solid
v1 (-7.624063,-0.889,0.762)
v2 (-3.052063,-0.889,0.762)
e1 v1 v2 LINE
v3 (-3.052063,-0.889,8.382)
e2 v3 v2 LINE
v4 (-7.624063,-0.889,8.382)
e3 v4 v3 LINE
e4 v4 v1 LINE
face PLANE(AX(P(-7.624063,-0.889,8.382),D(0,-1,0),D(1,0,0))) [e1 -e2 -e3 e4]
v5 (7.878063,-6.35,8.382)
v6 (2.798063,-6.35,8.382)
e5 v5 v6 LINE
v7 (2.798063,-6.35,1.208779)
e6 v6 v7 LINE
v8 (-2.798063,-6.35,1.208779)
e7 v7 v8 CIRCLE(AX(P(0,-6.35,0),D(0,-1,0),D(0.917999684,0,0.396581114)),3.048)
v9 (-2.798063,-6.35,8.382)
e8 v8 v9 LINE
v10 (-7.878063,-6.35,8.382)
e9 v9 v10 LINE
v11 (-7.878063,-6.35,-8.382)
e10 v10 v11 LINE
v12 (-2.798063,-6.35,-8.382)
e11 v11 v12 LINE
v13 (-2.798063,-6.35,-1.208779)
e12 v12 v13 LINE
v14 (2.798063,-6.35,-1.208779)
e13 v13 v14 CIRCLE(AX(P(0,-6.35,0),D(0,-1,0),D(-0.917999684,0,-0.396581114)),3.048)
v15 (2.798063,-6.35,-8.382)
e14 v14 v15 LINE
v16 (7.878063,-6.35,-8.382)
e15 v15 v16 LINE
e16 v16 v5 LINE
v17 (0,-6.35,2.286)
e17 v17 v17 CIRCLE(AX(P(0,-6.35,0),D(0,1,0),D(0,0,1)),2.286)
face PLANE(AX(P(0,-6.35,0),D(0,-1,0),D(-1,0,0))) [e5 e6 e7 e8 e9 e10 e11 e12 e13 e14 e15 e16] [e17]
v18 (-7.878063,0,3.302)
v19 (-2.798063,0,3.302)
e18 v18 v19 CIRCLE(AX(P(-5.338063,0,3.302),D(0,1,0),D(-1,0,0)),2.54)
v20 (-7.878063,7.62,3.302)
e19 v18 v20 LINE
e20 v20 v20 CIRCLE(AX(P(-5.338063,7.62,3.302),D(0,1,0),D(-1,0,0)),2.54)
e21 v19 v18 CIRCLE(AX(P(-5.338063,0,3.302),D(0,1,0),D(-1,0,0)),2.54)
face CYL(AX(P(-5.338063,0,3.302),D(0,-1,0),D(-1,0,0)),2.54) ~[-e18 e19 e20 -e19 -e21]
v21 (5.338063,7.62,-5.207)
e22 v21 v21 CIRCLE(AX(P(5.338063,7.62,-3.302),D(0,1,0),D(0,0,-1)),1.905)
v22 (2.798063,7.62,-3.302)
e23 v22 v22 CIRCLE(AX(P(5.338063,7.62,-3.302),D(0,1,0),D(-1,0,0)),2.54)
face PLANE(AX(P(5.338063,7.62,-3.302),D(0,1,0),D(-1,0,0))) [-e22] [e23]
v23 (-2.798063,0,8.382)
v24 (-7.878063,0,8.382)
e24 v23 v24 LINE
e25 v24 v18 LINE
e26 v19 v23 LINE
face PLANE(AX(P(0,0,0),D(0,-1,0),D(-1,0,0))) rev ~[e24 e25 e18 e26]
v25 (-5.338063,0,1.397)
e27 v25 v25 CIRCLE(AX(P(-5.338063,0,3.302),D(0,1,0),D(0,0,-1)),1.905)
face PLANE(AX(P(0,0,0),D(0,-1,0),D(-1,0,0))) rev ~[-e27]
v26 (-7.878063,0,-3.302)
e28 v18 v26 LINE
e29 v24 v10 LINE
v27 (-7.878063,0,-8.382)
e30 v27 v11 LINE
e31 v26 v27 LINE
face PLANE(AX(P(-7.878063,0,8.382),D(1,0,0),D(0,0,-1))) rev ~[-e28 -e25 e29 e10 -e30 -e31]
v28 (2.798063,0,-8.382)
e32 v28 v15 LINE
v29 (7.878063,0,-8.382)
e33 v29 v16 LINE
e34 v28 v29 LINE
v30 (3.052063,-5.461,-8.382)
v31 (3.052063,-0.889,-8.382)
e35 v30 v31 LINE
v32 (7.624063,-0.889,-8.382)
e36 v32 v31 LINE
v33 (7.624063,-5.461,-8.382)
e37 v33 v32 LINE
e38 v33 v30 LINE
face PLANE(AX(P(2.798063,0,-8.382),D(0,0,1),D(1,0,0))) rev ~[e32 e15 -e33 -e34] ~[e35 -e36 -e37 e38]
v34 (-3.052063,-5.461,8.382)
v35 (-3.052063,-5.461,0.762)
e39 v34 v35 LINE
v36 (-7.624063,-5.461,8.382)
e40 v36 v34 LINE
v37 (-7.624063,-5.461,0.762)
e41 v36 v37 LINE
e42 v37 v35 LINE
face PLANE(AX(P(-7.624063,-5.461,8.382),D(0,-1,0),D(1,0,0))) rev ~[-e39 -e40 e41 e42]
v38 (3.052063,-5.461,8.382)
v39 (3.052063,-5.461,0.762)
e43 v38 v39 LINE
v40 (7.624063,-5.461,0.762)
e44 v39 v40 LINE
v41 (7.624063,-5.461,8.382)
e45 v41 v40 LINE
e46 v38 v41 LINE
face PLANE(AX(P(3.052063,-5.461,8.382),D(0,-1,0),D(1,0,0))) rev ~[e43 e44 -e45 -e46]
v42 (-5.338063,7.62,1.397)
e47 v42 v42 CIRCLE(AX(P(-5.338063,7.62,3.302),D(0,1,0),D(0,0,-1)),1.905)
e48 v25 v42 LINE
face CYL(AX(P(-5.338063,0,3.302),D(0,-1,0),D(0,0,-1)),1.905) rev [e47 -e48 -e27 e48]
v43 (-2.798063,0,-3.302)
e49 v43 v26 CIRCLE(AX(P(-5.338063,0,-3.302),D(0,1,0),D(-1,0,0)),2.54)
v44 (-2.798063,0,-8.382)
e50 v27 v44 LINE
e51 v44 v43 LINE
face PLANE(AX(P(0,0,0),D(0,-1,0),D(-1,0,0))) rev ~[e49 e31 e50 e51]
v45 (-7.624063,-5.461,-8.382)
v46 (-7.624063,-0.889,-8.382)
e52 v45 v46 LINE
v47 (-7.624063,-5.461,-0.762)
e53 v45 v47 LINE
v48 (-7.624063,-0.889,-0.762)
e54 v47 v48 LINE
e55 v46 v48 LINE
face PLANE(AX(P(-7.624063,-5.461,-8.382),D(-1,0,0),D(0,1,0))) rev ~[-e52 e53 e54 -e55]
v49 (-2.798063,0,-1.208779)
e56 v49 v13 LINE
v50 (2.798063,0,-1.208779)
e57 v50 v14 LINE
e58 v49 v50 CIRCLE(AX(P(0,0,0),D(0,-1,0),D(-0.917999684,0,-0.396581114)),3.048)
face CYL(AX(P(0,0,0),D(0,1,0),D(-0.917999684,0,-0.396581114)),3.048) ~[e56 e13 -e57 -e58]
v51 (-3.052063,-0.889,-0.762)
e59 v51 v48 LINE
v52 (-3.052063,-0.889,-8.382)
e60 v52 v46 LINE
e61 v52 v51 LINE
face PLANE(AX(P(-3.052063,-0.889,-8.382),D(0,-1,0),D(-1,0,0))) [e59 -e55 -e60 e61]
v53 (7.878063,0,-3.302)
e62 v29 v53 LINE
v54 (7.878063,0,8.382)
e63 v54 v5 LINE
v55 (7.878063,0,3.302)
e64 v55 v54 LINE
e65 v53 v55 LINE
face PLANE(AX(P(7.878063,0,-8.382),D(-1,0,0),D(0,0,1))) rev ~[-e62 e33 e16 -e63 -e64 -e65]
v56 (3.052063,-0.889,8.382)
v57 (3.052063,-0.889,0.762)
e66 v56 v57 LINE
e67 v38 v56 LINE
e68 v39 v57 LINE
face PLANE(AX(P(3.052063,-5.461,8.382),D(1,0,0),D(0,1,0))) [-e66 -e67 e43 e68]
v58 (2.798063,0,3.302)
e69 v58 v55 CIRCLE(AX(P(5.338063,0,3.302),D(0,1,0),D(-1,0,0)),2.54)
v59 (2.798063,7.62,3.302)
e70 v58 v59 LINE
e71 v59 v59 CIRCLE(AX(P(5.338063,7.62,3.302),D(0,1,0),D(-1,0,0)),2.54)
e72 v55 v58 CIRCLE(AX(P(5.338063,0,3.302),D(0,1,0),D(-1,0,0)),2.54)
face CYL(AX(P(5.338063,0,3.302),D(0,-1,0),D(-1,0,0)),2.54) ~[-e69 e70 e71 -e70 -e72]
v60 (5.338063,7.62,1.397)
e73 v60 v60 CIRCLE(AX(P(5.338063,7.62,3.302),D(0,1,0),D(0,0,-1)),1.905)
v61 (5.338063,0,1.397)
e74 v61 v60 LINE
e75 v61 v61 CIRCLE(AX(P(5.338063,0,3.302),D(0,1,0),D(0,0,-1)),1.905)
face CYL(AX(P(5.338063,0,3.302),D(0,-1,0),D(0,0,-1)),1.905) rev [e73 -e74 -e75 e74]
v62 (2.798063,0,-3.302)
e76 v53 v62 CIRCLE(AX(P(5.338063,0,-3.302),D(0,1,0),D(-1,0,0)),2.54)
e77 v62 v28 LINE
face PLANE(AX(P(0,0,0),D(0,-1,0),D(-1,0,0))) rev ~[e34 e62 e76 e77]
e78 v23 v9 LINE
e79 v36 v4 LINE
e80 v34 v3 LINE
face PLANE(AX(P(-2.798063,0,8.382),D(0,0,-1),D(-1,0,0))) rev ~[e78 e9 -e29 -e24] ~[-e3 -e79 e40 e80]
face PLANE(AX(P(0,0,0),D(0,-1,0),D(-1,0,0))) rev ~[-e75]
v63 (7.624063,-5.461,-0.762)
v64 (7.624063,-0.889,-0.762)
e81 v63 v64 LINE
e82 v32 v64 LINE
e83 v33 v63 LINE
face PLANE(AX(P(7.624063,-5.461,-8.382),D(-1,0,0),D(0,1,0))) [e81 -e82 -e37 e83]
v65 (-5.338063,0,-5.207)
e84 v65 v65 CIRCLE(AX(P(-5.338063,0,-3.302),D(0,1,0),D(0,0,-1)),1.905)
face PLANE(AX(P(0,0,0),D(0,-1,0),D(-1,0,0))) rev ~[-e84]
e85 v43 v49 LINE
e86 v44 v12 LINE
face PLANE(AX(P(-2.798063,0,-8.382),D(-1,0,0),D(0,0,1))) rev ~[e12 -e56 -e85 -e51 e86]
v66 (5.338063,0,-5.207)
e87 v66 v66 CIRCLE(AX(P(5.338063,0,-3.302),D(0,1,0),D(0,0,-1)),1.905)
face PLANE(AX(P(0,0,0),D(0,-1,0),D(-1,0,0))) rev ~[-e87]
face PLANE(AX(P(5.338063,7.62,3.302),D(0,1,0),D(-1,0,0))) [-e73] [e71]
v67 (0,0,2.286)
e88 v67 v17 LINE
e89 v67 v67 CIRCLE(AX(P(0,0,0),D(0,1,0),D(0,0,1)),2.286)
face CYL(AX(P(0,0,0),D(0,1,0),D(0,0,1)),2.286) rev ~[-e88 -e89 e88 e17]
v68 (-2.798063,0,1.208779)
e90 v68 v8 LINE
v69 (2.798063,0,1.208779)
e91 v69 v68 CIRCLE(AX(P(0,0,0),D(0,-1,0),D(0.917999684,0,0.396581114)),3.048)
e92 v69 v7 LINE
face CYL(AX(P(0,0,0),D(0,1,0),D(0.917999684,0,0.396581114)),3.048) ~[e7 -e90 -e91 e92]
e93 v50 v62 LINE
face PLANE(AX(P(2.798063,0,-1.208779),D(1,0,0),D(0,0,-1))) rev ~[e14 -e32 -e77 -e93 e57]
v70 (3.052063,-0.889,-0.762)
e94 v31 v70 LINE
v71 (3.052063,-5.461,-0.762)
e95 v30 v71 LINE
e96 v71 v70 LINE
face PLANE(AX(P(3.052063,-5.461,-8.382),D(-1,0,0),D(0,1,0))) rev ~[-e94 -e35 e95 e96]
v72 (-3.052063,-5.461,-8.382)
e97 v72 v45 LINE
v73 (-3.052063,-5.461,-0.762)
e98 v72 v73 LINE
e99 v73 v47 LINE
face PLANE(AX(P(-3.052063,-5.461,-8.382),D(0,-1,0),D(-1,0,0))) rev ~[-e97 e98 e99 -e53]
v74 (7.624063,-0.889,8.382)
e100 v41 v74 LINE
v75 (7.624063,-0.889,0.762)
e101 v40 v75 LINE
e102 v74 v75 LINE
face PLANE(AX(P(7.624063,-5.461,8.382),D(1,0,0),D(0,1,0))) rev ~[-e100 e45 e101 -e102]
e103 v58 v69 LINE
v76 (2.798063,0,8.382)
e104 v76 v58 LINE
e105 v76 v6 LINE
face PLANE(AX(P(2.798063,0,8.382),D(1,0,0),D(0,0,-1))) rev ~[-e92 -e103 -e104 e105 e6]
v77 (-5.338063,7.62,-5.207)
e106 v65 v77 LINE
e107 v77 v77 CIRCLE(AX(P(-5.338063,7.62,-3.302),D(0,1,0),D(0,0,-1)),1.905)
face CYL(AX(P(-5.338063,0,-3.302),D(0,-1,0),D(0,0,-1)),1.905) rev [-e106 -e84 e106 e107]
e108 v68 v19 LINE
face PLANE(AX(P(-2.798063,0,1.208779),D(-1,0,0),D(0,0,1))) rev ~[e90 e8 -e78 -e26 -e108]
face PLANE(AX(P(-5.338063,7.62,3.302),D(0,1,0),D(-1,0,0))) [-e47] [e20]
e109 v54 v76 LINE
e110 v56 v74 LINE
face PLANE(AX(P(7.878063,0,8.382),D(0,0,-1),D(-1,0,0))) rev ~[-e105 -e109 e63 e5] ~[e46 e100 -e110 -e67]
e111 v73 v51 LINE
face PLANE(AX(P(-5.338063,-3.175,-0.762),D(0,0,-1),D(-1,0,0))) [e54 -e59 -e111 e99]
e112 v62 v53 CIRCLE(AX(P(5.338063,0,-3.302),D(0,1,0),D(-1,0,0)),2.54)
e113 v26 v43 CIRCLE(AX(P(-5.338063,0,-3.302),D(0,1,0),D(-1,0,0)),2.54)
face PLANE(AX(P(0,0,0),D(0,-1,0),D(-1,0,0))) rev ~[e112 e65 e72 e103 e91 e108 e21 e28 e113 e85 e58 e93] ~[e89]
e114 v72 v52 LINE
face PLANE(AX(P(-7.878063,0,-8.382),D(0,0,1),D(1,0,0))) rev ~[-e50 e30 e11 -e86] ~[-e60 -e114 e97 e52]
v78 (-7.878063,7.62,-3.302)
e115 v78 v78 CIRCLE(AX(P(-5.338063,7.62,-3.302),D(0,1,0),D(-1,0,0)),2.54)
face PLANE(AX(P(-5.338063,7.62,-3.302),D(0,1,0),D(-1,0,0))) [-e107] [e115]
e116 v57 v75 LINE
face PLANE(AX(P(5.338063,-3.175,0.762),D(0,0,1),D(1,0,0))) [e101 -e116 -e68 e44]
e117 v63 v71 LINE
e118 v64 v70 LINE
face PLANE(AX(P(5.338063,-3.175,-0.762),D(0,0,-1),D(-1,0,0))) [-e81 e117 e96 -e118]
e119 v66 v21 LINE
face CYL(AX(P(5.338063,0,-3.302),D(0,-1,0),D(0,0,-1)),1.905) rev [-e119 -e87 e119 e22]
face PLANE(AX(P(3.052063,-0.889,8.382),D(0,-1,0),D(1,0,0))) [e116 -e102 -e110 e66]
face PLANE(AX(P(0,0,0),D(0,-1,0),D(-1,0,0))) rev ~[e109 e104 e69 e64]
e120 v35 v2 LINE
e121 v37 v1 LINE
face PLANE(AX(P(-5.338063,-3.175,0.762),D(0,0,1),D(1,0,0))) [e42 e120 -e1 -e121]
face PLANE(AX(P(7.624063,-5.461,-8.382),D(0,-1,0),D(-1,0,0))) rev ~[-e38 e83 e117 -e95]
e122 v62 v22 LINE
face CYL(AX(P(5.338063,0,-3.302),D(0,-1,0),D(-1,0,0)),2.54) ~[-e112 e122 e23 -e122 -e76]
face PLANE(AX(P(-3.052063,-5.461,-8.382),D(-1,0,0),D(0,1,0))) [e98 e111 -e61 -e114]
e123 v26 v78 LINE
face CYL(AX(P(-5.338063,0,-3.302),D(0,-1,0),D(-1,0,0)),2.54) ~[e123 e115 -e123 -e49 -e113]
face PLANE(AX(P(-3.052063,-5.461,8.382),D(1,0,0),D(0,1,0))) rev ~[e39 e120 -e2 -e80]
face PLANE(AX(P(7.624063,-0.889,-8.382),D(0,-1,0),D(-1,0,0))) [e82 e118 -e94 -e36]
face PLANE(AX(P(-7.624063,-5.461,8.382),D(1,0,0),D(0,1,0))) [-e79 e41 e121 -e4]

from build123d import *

# Parameters (mm, degrees)
BOSS_EXTRUDE1_DEPTH = 6.35
SKETCH2_R           = 2.286
CUT_EXTRUDE1_DEPTH  = 14.139417841
SKETCH3_W           = 4.572
SKETCH3_H           = 4.572
CUT_EXTRUDE2_DEPTH  = 7.62
SKETCH4_W           = 4.572
SKETCH4_H           = 4.572
CUT_EXTRUDE3_DEPTH  = 7.62
SKETCH5_R           = 2.54
SKETCH5_R_2         = 1.905
BOSS_EXTRUDE2_DEPTH = 7.62


with BuildPart() as part:
    # Sketch1 → Boss-Extrude1 (new body)
    with BuildSketch(Plane(origin=(0, 0, 0), x_dir=(1, 0, 0), z_dir=(0, 1, 0))):
        with BuildLine():
            Line((-2.798063036, -1.208779237), (-2.798063036, -8.382))
            Line((-2.798063036, -8.382), (-7.878063036, -8.382))
            Line((-7.878063036, -8.382), (-7.878063036, 8.382))
            Line((-7.878063036, 8.382), (-2.798063036, 8.382))
            Line((-2.798063036, 8.382), (-2.798063036, 1.208779237))
            ThreePointArc((-2.798063036, 1.208779237), (0, 3.048), (2.798063036, 1.208779237))
            Line((2.798063036, 1.208779237), (2.798063036, 8.382))
            Line((2.798063036, 8.382), (7.878063036, 8.382))
            Line((7.878063036, 8.382), (7.878063036, -8.382))
            Line((7.878063036, -8.382), (2.798063036, -8.382))
            Line((2.798063036, -8.382), (2.798063036, -1.208779237))
            ThreePointArc((2.798063036, -1.208779237), (0, -3.048), (-2.798063036, -1.208779237))
        make_face()
    extrude(amount=-BOSS_EXTRUDE1_DEPTH)

    # Sketch2 → Cut-Extrude1 (cut, through all)
    with BuildSketch(Plane(origin=(0, 0, 0), x_dir=(1, 0, 0), z_dir=(0, 1, 0))):
        with Locations(Location((0, 0, 0), (0, 0, 270))):
            Circle(SKETCH2_R)
    extrude(amount=-CUT_EXTRUDE1_DEPTH, mode=Mode.SUBTRACT)

    # Sketch3 → Cut-Extrude2 (cut)
    with BuildSketch(Plane.XY.offset(8.382)):
        with Locations((-5.338063036, -3.175)):
            Rectangle(SKETCH3_W, SKETCH3_H)
        with Locations((5.338063036, -3.175)):
            Rectangle(SKETCH3_W, SKETCH3_H)
    extrude(amount=-CUT_EXTRUDE2_DEPTH, mode=Mode.SUBTRACT)

    # Sketch4 → Cut-Extrude3 (cut)
    with BuildSketch(Plane(origin=(0, 0, -8.382), x_dir=(-1, 0, 0), z_dir=(0, 0, -1))):
        with Locations((-5.338063036, -3.175)):
            Rectangle(SKETCH4_W, SKETCH4_H)
        with Locations((5.338063036, -3.175)):
            Rectangle(SKETCH4_W, SKETCH4_H)
    extrude(amount=-CUT_EXTRUDE3_DEPTH, mode=Mode.SUBTRACT)

    # Sketch5 → Boss-Extrude2 (add)
    # profile 1 of 4: a face of its own
    with BuildSketch(Plane(origin=(0, 0, 0), x_dir=(1, 0, 0), z_dir=(0, 1, 0))):
        with Locations(Location((-5.338063036, -3.302, 0), (0, 0, 180))):
            Circle(SKETCH5_R)
        with Locations(Location((-5.338063036, -3.302, 0), (0, 0, 90))):
            Circle(SKETCH5_R_2, mode=Mode.SUBTRACT)
    # profile 2 of 4: a face of its own
    with BuildSketch(Plane(origin=(0, 0, 0), x_dir=(1, 0, 0), z_dir=(0, 1, 0))):
        with Locations(Location((-5.338063036, 3.302, 0), (0, 0, 180))):
            Circle(SKETCH5_R)
        with Locations(Location((-5.338063036, 3.302, 0), (0, 0, 90))):
            Circle(SKETCH5_R_2, mode=Mode.SUBTRACT)
    # profile 3 of 4: a face of its own
    with BuildSketch(Plane(origin=(0, 0, 0), x_dir=(1, 0, 0), z_dir=(0, 1, 0))):
        with Locations(Location((5.338063036, 3.302, 0), (0, 0, 180))):
            Circle(SKETCH5_R)
        with Locations(Location((5.338063036, 3.302, 0), (0, 0, 90))):
            Circle(SKETCH5_R_2, mode=Mode.SUBTRACT)
    # profile 4 of 4: a face of its own
    with BuildSketch(Plane(origin=(0, 0, 0), x_dir=(1, 0, 0), z_dir=(0, 1, 0))):
        with Locations(Location((5.338063036, -3.302, 0), (0, 0, 180))):
            Circle(SKETCH5_R)
        with Locations(Location((5.338063036, -3.302, 0), (0, 0, 90))):
            Circle(SKETCH5_R_2, mode=Mode.SUBTRACT)
    extrude(amount=BOSS_EXTRUDE2_DEPTH)


solid = part.part
